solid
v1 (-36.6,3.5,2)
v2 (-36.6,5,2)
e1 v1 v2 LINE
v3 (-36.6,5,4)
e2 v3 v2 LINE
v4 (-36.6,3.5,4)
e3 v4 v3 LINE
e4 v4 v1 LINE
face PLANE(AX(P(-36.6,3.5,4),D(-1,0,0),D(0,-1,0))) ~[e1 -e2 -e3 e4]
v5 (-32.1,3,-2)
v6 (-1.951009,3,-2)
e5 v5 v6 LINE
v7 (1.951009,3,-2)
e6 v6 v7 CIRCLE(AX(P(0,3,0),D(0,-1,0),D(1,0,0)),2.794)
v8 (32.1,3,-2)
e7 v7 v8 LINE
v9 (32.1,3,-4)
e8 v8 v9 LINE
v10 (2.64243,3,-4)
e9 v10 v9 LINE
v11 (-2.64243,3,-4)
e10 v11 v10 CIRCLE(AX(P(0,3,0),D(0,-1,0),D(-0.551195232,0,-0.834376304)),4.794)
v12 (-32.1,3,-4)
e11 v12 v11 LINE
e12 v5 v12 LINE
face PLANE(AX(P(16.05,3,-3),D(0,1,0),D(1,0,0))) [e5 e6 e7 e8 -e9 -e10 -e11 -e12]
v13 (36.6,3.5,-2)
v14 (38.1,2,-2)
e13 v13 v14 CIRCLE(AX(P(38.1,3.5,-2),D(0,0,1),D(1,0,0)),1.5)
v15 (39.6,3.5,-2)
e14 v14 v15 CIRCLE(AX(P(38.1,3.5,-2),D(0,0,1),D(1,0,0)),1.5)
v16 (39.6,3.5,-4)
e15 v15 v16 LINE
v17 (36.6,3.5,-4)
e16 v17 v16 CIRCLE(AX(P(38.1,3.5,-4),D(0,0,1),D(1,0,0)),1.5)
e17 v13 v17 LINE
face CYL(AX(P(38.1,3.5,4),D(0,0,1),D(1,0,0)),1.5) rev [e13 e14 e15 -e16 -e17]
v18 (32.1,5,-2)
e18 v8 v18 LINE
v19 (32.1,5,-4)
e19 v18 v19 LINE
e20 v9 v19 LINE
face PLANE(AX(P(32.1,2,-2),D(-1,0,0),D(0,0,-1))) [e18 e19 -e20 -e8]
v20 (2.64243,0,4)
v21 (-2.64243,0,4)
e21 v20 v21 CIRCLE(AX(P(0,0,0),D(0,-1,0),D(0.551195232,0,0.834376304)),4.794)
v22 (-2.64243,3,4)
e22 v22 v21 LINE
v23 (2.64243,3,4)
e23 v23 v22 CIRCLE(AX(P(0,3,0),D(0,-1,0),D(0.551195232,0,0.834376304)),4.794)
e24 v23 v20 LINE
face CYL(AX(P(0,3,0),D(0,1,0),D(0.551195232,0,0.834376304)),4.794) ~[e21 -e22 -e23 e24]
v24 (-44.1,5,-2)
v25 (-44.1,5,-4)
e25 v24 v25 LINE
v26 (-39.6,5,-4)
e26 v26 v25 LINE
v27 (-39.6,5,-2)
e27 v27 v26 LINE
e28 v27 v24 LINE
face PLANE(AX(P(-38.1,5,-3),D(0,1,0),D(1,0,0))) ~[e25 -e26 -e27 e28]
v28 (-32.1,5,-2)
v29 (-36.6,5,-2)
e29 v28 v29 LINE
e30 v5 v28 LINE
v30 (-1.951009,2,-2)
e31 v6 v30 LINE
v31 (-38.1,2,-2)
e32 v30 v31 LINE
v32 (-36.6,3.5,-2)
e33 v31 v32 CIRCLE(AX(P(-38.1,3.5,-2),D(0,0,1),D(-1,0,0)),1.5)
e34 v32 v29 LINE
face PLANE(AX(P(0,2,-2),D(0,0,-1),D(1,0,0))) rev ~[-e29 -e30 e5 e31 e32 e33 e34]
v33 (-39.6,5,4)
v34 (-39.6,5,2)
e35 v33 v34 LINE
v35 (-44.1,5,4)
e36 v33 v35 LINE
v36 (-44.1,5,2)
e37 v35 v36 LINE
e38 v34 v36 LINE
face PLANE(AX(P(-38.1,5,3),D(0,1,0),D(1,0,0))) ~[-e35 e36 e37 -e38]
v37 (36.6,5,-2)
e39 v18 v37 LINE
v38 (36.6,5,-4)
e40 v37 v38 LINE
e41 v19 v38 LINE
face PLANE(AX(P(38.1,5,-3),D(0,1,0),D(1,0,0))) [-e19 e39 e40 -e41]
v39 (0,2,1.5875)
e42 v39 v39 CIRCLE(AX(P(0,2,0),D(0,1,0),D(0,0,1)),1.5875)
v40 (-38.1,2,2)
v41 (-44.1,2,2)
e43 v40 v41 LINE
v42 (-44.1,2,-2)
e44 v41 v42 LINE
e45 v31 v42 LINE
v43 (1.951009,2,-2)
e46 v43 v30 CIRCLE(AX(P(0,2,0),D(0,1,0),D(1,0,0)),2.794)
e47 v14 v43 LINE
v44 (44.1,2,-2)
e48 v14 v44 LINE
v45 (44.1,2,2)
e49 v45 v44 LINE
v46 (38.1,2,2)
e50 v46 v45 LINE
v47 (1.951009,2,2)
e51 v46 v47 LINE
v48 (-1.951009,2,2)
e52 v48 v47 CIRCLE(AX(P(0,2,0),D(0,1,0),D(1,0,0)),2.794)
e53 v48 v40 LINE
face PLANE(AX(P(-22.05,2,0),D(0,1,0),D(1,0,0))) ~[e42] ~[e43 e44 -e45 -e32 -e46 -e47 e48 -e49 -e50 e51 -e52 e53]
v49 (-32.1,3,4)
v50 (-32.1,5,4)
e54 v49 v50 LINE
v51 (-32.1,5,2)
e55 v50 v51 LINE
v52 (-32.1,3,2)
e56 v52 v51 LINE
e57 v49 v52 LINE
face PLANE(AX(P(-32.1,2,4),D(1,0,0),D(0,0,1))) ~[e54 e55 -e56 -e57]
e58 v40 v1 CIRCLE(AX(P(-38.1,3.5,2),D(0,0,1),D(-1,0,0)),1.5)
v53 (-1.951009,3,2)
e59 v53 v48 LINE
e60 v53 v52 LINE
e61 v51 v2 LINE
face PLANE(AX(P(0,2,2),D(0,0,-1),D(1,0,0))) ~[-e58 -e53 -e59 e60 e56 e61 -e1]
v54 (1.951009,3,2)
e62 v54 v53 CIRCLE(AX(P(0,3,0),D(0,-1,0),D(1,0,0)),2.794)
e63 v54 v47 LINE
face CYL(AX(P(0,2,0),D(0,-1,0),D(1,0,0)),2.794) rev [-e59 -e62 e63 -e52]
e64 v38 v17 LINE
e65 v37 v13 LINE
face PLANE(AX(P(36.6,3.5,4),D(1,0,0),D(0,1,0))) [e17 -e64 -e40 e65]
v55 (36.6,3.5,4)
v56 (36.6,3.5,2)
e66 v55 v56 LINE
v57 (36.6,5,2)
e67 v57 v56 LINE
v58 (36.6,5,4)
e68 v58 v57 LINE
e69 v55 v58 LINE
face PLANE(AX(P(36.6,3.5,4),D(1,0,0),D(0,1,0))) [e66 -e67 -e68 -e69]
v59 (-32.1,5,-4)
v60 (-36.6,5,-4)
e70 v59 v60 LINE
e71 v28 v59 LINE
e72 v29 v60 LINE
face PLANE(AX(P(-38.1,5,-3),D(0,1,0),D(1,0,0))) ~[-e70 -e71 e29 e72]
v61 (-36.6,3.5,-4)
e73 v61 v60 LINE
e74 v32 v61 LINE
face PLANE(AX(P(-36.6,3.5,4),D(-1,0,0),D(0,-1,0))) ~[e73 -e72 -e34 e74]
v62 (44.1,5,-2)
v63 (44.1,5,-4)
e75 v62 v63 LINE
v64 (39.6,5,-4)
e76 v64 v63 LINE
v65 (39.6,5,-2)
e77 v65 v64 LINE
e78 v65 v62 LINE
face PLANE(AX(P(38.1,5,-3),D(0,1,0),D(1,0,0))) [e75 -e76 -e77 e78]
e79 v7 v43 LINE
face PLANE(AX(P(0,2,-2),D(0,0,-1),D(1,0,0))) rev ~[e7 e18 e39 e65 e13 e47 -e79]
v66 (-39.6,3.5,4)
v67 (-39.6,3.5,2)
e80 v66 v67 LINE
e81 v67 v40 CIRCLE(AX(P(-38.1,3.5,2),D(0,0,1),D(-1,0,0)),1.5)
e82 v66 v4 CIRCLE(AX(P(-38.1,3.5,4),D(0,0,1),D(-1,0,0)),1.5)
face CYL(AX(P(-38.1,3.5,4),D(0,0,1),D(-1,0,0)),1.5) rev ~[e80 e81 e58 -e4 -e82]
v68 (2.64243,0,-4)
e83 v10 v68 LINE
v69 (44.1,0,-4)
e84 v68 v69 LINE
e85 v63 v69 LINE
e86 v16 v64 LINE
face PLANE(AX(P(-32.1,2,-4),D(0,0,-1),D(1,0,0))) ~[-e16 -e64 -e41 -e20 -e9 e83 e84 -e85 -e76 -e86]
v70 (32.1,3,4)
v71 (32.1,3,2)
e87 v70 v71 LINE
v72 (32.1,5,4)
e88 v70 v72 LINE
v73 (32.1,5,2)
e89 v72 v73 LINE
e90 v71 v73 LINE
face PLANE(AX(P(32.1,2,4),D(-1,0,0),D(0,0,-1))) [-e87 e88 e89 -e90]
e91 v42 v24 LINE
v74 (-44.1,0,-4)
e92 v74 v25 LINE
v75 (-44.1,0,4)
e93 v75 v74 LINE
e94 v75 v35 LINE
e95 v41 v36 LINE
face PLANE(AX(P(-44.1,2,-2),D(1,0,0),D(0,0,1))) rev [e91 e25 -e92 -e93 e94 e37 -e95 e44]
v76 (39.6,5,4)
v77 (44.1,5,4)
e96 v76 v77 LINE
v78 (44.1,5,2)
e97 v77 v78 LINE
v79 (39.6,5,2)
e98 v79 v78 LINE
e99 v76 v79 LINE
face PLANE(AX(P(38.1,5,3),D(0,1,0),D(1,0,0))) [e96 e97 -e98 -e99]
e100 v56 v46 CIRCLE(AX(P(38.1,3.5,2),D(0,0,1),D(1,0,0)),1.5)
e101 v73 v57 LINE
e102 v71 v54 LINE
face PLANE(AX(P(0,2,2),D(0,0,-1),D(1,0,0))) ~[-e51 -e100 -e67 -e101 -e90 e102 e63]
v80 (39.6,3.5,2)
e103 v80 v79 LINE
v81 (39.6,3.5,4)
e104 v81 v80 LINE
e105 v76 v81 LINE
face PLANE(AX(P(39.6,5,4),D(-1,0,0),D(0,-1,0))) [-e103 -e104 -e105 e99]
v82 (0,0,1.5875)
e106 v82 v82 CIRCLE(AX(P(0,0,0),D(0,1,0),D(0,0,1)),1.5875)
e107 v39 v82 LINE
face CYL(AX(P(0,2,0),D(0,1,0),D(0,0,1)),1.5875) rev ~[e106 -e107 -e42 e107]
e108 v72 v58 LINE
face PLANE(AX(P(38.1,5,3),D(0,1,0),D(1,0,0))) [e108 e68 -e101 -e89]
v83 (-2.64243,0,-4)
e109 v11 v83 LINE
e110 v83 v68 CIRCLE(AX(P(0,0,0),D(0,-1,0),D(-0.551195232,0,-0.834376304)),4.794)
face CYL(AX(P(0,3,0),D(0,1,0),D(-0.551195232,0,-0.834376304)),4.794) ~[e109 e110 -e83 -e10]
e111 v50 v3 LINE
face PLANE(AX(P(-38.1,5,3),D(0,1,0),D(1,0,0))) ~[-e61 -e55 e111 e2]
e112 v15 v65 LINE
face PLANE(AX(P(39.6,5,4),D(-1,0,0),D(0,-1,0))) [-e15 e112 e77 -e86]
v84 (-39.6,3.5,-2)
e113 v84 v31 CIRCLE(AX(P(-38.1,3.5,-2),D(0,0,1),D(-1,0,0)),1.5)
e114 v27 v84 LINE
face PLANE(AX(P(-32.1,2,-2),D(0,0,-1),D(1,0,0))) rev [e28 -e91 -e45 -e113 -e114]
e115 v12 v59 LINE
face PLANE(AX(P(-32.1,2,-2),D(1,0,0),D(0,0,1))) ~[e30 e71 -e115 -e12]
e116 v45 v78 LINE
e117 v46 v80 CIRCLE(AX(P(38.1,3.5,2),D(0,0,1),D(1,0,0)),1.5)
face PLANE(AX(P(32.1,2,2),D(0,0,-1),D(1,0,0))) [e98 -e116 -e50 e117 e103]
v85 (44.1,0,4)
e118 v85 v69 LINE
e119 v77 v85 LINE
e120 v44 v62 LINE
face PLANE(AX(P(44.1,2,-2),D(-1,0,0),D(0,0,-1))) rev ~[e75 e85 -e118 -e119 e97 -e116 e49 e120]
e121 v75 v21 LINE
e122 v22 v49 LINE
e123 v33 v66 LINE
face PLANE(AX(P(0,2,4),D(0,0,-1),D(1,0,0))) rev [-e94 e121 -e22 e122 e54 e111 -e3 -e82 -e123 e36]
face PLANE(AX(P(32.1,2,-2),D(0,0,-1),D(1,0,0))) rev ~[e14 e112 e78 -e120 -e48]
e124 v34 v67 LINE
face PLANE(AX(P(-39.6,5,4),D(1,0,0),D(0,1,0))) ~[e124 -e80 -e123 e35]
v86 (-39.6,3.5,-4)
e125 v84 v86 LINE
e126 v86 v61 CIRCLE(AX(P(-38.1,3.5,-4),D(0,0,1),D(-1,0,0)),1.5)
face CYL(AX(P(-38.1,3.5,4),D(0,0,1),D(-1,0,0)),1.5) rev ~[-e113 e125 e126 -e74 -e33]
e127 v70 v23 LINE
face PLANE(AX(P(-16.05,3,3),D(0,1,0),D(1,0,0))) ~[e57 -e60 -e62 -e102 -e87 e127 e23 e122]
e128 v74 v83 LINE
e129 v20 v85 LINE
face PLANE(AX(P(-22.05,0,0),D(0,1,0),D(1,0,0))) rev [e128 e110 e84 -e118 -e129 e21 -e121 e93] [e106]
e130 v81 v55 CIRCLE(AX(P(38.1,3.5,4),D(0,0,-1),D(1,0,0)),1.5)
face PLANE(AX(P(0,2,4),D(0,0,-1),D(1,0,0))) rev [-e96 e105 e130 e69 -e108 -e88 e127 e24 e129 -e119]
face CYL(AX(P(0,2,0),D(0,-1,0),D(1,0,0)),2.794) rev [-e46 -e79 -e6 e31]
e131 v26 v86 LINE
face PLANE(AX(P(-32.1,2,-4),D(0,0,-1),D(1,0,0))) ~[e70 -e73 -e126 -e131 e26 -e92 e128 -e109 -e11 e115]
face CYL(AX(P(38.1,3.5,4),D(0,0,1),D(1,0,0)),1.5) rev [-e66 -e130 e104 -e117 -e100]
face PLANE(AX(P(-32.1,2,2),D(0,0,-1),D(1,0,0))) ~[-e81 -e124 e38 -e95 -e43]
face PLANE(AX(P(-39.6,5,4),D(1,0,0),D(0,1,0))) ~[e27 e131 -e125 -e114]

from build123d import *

# Parameters (mm, degrees)
SKETCH1_W           = 44.1
SKETCH1_H           = 8
BOSS_EXTRUDE1_DEPTH = 2
SKETCH2_W           = 12
SKETCH2_H           = 2
BOSS_EXTRUDE2_DEPTH = 3
CUT_EXTRUDE1_DEPTH  = 46.097782651
SKETCH4_W           = 32.1
SKETCH4_H           = 2
BOSS_EXTRUDE3_DEPTH = 1
SKETCH7_R           = 2.794
CUT_EXTRUDE3_DEPTH  = 45.382541613
SKETCH8_R           = 1.5875
CUT_EXTRUDE4_DEPTH  = 45.382541613
BOSS_EXTRUDE4_DEPTH = 3


with BuildPart() as part:
    # Sketch1 → Boss-Extrude1 (new body)
    with BuildSketch(Plane(origin=(0, 0, 0), x_dir=(1, 0, 0), z_dir=(0, 1, 0))):
        with Locations((22.05, 0)):
            Rectangle(SKETCH1_W, SKETCH1_H)
    boss_extrude1 = extrude(amount=BOSS_EXTRUDE1_DEPTH)

    # Sketch2 → Boss-Extrude2 (add)
    with BuildSketch(Plane(origin=(0, 2, 0), x_dir=(1, 0, 0), z_dir=(0, 1, 0))):
        with Locations((38.1, 3)):
            Rectangle(SKETCH2_W, SKETCH2_H)
        with Locations((38.1, -3)):
            Rectangle(SKETCH2_W, SKETCH2_H)
    boss_extrude2 = extrude(amount=BOSS_EXTRUDE2_DEPTH)

    # Sketch3 → Cut-Extrude1 (cut, through all)
    with BuildSketch(Plane.XY.offset(4)):
        with BuildLine():
            Line((36.6, 3.5), (36.6, 5))
            Line((36.6, 5), (39.6, 5))
            Line((39.6, 5), (39.6, 3.5))
            ThreePointArc((39.6, 3.5), (38.1, 2), (36.6, 3.5))
        make_face()
    cut_extrude1 = extrude(amount=-CUT_EXTRUDE1_DEPTH, mode=Mode.SUBTRACT)

    # Sketch4 → Boss-Extrude3 (add)
    with BuildSketch(Plane(origin=(0, 2, 0), x_dir=(1, 0, 0), z_dir=(0, 1, 0))):
        with Locations((16.05, -3)):
            Rectangle(SKETCH4_W, SKETCH4_H)
        with Locations((16.05, 3)):
            Rectangle(SKETCH4_W, SKETCH4_H)
    boss_extrude3 = extrude(amount=BOSS_EXTRUDE3_DEPTH)

    # Mirror1: Boss-Extrude1, Boss-Extrude2, Cut-Extrude1, Boss-Extrude3 across plane
    add(boss_extrude1.mirror(Plane(origin=(0, 0, 0), x_dir=(0, 0, 1), z_dir=(1, 0, 0))))
    add(boss_extrude2.mirror(Plane(origin=(0, 0, 0), x_dir=(0, 0, 1), z_dir=(1, 0, 0))))
    add(cut_extrude1.mirror(Plane(origin=(0, 0, 0), x_dir=(0, 0, 1), z_dir=(1, 0, 0))), mode=Mode.SUBTRACT)
    add(boss_extrude3.mirror(Plane(origin=(0, 0, 0), x_dir=(0, 0, 1), z_dir=(1, 0, 0))))

    # Sketch7 → Cut-Extrude3 (cut, through all)
    with BuildSketch(Plane(origin=(0, 2, 0), x_dir=(1, 0, 0), z_dir=(0, 1, 0))):
        Circle(SKETCH7_R)
    extrude(amount=CUT_EXTRUDE3_DEPTH, mode=Mode.SUBTRACT)

    # Sketch8 → Cut-Extrude4 (cut, through all)
    with BuildSketch(Plane(origin=(0, 2, 0), x_dir=(1, 0, 0), z_dir=(0, 1, 0))):
        with Locations(Location((0, 0, 0), (0, 0, 270))):
            Circle(SKETCH8_R)
    extrude(amount=-CUT_EXTRUDE4_DEPTH, mode=Mode.SUBTRACT)

    # Sketch9 → Boss-Extrude4 (add)
    with BuildSketch(Plane(origin=(0, 3, 0), x_dir=(1, 0, 0), z_dir=(0, 1, 0))):
        with BuildLine():
            Line((-2.642429942, -4), (2.642429942, -4))
            ThreePointArc((2.642429942, -4), (0, -4.794), (-2.642429942, -4))
        make_face()
        with BuildLine():
            Line((2.642429942, 4), (-2.642429942, 4))
            ThreePointArc((-2.642429942, 4), (0, 4.794), (2.642429942, 4))
        make_face()
    extrude(amount=-BOSS_EXTRUDE4_DEPTH)


solid = part.part
